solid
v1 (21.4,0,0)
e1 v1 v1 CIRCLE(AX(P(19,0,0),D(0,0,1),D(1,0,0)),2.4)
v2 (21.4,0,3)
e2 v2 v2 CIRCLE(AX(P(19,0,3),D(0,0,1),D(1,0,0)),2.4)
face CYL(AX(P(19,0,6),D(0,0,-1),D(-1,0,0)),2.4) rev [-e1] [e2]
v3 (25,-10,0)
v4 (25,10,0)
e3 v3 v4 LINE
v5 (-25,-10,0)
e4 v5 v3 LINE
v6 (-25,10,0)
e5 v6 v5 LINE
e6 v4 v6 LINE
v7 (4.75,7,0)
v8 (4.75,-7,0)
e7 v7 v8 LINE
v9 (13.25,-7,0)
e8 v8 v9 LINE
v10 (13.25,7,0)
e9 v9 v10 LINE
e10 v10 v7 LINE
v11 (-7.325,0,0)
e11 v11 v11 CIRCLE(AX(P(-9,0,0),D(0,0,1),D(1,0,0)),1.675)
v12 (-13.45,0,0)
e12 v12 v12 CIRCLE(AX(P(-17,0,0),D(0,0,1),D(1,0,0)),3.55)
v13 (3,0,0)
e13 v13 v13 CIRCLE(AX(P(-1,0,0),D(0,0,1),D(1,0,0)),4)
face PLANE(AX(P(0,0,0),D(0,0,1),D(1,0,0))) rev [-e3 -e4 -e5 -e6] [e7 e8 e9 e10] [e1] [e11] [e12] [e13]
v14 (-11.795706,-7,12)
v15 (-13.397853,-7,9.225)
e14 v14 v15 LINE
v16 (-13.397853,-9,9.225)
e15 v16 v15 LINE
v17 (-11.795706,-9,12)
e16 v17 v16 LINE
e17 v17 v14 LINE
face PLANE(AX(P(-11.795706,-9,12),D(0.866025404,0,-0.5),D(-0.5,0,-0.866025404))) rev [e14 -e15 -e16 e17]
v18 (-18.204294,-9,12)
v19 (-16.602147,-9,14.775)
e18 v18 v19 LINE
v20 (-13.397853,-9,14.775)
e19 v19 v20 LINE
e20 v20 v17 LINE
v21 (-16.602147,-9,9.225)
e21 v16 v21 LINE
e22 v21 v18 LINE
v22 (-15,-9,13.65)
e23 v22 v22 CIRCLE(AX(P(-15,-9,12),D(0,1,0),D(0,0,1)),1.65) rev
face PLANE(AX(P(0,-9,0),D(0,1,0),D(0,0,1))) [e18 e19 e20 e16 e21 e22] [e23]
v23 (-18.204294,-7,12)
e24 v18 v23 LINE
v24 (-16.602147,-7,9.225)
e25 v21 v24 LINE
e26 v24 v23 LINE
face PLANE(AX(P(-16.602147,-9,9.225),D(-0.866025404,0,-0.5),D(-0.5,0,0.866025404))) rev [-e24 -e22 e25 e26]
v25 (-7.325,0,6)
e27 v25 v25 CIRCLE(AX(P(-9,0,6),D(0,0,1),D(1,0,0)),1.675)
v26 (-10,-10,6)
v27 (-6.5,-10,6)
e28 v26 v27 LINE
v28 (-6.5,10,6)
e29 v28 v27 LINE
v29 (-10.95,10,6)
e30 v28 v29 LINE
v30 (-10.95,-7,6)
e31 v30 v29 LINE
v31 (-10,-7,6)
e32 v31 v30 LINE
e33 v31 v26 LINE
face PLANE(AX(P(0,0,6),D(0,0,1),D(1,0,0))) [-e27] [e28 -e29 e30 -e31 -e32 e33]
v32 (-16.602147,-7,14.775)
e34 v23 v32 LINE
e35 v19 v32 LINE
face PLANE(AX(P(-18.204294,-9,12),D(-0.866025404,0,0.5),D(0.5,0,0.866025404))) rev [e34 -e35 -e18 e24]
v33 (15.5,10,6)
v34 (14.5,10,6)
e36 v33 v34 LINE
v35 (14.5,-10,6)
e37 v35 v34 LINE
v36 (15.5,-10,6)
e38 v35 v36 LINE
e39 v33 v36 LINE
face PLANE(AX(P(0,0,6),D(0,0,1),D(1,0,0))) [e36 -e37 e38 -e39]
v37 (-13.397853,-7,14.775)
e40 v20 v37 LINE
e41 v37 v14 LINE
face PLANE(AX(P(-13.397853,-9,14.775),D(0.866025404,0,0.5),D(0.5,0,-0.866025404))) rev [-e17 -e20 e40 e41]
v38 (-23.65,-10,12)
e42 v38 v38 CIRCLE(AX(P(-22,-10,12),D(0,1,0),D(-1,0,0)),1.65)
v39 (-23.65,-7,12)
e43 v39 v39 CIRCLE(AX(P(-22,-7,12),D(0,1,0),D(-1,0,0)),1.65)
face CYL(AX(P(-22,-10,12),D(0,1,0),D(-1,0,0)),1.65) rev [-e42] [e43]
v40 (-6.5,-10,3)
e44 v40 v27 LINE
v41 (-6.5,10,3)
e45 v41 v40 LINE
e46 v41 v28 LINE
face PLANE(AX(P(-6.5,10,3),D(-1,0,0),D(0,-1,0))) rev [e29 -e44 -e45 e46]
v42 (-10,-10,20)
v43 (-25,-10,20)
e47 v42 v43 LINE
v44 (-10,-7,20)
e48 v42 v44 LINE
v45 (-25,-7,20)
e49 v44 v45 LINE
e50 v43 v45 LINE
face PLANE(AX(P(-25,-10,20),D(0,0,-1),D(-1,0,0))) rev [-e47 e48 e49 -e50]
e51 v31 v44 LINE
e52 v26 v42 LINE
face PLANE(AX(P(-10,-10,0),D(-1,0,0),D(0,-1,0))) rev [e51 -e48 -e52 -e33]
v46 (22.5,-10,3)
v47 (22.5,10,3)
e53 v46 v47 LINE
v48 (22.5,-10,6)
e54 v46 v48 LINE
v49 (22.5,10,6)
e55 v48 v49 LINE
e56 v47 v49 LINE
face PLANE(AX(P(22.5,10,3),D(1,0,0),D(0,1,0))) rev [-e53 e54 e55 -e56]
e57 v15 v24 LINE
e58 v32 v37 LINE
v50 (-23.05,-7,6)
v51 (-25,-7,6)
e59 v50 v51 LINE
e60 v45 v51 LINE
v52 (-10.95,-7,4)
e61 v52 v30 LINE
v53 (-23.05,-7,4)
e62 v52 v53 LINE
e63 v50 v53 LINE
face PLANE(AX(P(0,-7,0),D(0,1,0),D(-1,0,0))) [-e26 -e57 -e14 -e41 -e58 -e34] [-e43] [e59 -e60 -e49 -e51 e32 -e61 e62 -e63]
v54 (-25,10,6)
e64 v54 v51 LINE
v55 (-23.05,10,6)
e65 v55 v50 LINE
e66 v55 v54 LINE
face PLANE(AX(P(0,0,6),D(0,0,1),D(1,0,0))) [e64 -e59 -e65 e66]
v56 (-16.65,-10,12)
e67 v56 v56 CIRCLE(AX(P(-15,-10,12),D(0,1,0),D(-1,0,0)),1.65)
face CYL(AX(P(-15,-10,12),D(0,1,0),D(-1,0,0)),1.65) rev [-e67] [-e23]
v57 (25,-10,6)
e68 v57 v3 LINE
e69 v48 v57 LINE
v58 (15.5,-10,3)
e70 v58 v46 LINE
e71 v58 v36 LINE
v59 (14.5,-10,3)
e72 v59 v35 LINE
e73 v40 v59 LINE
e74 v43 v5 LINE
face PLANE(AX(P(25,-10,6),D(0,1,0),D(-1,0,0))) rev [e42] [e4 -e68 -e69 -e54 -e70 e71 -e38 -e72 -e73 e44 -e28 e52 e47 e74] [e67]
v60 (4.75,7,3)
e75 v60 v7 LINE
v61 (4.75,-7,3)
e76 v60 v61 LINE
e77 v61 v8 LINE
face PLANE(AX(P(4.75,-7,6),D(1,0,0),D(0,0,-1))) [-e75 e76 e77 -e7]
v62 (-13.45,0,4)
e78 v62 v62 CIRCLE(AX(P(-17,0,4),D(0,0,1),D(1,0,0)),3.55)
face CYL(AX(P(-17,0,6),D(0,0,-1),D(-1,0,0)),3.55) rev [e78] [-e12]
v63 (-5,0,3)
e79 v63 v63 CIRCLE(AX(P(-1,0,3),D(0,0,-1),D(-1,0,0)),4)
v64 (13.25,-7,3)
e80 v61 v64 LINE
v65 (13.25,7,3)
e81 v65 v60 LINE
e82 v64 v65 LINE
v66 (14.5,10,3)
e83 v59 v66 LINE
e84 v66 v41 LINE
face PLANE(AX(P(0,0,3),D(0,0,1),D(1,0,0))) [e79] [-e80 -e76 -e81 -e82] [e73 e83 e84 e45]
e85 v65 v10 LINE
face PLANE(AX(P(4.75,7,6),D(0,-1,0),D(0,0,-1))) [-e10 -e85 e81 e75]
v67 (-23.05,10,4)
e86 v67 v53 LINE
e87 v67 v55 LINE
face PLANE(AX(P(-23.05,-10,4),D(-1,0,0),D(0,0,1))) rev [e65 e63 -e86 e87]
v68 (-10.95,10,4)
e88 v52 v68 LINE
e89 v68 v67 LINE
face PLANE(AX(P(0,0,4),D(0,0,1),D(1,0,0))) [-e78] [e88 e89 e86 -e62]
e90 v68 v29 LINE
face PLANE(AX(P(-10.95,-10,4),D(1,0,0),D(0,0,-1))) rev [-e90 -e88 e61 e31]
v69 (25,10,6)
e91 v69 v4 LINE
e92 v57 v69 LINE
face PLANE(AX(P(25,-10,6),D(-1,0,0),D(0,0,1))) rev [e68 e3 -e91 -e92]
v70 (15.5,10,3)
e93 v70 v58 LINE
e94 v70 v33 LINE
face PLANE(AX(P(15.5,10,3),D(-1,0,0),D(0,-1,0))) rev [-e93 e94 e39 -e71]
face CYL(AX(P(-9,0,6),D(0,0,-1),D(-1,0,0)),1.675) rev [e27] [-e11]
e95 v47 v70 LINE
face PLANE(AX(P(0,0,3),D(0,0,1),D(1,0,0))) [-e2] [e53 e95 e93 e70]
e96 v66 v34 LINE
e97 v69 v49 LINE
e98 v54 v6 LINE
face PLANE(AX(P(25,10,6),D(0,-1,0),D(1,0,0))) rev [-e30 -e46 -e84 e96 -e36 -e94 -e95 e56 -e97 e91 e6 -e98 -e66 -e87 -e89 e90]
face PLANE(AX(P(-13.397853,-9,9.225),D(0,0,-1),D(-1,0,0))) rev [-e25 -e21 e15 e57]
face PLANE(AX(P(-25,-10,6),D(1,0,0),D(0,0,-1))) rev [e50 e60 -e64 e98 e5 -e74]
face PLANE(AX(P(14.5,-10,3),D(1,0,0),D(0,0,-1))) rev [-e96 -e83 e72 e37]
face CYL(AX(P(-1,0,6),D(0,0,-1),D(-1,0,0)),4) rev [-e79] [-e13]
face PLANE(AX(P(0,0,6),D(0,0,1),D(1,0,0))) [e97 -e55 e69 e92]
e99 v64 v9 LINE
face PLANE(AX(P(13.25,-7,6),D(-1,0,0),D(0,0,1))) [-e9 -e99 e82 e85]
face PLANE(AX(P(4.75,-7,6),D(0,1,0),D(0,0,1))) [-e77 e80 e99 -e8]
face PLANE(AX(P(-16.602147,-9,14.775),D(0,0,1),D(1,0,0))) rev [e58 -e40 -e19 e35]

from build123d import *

# Parameters (mm, degrees)
SKETCH1_W           = 50
SKETCH1_H           = 20
SKETCH1_R           = 3.55
SKETCH1_R_2         = 1.675
SKETCH1_R_3         = 4
SKETCH1_R_4         = 2.4
SKETCH1_W_2         = 8.5
SKETCH1_H_2         = 14
BOSS_EXTRUDE1_DEPTH = 6
SKETCH3_W           = 11
SKETCH3_H           = 20
CUT_EXTRUDE2_DEPTH  = 3
SKETCH4_W           = 12.1
SKETCH4_H           = 20
CUT_EXTRUDE4_DEPTH  = 2
BOSS_EXTRUDE3_START = -3
SKETCH6_W           = 15
SKETCH6_H           = 20
BOSS_EXTRUDE3_DEPTH = 3
SKETCH7_R           = 1.65
CUT_EXTRUDE5_DEPTH  = 3
CUT_EXTRUDE6_DEPTH  = 2
SKETCH10_W          = 7
SKETCH10_H          = 20
SKETCH10_W_2        = 10
CUT_EXTRUDE7_DEPTH  = 3


with BuildPart() as part:
    # Sketch1 → Boss-Extrude1 (new body)
    with BuildSketch(Plane.XY):
        Rectangle(SKETCH1_W, SKETCH1_H)
        with Locations((-17, 0)):
            Circle(SKETCH1_R, mode=Mode.SUBTRACT)
        with Locations((-9, 0)):
            Circle(SKETCH1_R_2, mode=Mode.SUBTRACT)
        with Locations((-1, 0)):
            Circle(SKETCH1_R_3, mode=Mode.SUBTRACT)
        with Locations((19, 0)):
            Circle(SKETCH1_R_4, mode=Mode.SUBTRACT)
        with Locations((9, 0)):
            Rectangle(SKETCH1_W_2, SKETCH1_H_2, mode=Mode.SUBTRACT)
    extrude(amount=BOSS_EXTRUDE1_DEPTH)

    # Sketch3 → Cut-Extrude2 (cut)
    with BuildSketch(Plane.XY.offset(6)):
        with Locations((9, 0)):
            Rectangle(SKETCH3_W, SKETCH3_H)
    extrude(amount=-CUT_EXTRUDE2_DEPTH, mode=Mode.SUBTRACT)

    # Sketch4 → Cut-Extrude4 (cut)
    with BuildSketch(Plane.XY.offset(6)):
        with Locations((-17, 0)):
            Rectangle(SKETCH4_W, SKETCH4_H)
    extrude(amount=-CUT_EXTRUDE4_DEPTH, mode=Mode.SUBTRACT)

    # Sketch6 → Boss-Extrude3 (add)
    with BuildSketch(Plane.XZ.offset(10).offset(BOSS_EXTRUDE3_START)):
        with Locations((-17.5, 10)):
            Rectangle(SKETCH6_W, SKETCH6_H)
    extrude(amount=BOSS_EXTRUDE3_DEPTH)

    # Sketch7 → Cut-Extrude5 (cut)
    with BuildSketch(Plane(origin=(0, -7, 0), x_dir=(1, 0, 0), z_dir=(0, 1, 0))):
        with Locations(Location((-22, -12, 0), (0, 0, 180))):
            Circle(SKETCH7_R)
        with Locations(Location((-15, -12, 0), (0, 0, 180))):
            Circle(SKETCH7_R)
    extrude(amount=-CUT_EXTRUDE5_DEPTH, mode=Mode.SUBTRACT)

    # Sketch8 → Cut-Extrude6 (cut)
    with BuildSketch(Plane(origin=(0, -7, 0), x_dir=(1, 0, 0), z_dir=(0, 1, 0))):
        Polygon((-13.397853003, -9.225), (-16.602146997, -9.225), (-18.204293994, -12), (-16.602146997, -14.775), (-13.397853003, -14.775), (-11.795706006, -12), align=None)
    extrude(amount=-CUT_EXTRUDE6_DEPTH, mode=Mode.SUBTRACT)

    # Sketch10 → Cut-Extrude7 (cut)
    with BuildSketch(Plane.XY.offset(6)):
        with Locations((19, 0)):
            Rectangle(SKETCH10_W, SKETCH10_H)
        with Locations((-1.5, 0)):
            Rectangle(SKETCH10_W_2, SKETCH10_H)
    extrude(amount=-CUT_EXTRUDE7_DEPTH, mode=Mode.SUBTRACT)


solid = part.part
